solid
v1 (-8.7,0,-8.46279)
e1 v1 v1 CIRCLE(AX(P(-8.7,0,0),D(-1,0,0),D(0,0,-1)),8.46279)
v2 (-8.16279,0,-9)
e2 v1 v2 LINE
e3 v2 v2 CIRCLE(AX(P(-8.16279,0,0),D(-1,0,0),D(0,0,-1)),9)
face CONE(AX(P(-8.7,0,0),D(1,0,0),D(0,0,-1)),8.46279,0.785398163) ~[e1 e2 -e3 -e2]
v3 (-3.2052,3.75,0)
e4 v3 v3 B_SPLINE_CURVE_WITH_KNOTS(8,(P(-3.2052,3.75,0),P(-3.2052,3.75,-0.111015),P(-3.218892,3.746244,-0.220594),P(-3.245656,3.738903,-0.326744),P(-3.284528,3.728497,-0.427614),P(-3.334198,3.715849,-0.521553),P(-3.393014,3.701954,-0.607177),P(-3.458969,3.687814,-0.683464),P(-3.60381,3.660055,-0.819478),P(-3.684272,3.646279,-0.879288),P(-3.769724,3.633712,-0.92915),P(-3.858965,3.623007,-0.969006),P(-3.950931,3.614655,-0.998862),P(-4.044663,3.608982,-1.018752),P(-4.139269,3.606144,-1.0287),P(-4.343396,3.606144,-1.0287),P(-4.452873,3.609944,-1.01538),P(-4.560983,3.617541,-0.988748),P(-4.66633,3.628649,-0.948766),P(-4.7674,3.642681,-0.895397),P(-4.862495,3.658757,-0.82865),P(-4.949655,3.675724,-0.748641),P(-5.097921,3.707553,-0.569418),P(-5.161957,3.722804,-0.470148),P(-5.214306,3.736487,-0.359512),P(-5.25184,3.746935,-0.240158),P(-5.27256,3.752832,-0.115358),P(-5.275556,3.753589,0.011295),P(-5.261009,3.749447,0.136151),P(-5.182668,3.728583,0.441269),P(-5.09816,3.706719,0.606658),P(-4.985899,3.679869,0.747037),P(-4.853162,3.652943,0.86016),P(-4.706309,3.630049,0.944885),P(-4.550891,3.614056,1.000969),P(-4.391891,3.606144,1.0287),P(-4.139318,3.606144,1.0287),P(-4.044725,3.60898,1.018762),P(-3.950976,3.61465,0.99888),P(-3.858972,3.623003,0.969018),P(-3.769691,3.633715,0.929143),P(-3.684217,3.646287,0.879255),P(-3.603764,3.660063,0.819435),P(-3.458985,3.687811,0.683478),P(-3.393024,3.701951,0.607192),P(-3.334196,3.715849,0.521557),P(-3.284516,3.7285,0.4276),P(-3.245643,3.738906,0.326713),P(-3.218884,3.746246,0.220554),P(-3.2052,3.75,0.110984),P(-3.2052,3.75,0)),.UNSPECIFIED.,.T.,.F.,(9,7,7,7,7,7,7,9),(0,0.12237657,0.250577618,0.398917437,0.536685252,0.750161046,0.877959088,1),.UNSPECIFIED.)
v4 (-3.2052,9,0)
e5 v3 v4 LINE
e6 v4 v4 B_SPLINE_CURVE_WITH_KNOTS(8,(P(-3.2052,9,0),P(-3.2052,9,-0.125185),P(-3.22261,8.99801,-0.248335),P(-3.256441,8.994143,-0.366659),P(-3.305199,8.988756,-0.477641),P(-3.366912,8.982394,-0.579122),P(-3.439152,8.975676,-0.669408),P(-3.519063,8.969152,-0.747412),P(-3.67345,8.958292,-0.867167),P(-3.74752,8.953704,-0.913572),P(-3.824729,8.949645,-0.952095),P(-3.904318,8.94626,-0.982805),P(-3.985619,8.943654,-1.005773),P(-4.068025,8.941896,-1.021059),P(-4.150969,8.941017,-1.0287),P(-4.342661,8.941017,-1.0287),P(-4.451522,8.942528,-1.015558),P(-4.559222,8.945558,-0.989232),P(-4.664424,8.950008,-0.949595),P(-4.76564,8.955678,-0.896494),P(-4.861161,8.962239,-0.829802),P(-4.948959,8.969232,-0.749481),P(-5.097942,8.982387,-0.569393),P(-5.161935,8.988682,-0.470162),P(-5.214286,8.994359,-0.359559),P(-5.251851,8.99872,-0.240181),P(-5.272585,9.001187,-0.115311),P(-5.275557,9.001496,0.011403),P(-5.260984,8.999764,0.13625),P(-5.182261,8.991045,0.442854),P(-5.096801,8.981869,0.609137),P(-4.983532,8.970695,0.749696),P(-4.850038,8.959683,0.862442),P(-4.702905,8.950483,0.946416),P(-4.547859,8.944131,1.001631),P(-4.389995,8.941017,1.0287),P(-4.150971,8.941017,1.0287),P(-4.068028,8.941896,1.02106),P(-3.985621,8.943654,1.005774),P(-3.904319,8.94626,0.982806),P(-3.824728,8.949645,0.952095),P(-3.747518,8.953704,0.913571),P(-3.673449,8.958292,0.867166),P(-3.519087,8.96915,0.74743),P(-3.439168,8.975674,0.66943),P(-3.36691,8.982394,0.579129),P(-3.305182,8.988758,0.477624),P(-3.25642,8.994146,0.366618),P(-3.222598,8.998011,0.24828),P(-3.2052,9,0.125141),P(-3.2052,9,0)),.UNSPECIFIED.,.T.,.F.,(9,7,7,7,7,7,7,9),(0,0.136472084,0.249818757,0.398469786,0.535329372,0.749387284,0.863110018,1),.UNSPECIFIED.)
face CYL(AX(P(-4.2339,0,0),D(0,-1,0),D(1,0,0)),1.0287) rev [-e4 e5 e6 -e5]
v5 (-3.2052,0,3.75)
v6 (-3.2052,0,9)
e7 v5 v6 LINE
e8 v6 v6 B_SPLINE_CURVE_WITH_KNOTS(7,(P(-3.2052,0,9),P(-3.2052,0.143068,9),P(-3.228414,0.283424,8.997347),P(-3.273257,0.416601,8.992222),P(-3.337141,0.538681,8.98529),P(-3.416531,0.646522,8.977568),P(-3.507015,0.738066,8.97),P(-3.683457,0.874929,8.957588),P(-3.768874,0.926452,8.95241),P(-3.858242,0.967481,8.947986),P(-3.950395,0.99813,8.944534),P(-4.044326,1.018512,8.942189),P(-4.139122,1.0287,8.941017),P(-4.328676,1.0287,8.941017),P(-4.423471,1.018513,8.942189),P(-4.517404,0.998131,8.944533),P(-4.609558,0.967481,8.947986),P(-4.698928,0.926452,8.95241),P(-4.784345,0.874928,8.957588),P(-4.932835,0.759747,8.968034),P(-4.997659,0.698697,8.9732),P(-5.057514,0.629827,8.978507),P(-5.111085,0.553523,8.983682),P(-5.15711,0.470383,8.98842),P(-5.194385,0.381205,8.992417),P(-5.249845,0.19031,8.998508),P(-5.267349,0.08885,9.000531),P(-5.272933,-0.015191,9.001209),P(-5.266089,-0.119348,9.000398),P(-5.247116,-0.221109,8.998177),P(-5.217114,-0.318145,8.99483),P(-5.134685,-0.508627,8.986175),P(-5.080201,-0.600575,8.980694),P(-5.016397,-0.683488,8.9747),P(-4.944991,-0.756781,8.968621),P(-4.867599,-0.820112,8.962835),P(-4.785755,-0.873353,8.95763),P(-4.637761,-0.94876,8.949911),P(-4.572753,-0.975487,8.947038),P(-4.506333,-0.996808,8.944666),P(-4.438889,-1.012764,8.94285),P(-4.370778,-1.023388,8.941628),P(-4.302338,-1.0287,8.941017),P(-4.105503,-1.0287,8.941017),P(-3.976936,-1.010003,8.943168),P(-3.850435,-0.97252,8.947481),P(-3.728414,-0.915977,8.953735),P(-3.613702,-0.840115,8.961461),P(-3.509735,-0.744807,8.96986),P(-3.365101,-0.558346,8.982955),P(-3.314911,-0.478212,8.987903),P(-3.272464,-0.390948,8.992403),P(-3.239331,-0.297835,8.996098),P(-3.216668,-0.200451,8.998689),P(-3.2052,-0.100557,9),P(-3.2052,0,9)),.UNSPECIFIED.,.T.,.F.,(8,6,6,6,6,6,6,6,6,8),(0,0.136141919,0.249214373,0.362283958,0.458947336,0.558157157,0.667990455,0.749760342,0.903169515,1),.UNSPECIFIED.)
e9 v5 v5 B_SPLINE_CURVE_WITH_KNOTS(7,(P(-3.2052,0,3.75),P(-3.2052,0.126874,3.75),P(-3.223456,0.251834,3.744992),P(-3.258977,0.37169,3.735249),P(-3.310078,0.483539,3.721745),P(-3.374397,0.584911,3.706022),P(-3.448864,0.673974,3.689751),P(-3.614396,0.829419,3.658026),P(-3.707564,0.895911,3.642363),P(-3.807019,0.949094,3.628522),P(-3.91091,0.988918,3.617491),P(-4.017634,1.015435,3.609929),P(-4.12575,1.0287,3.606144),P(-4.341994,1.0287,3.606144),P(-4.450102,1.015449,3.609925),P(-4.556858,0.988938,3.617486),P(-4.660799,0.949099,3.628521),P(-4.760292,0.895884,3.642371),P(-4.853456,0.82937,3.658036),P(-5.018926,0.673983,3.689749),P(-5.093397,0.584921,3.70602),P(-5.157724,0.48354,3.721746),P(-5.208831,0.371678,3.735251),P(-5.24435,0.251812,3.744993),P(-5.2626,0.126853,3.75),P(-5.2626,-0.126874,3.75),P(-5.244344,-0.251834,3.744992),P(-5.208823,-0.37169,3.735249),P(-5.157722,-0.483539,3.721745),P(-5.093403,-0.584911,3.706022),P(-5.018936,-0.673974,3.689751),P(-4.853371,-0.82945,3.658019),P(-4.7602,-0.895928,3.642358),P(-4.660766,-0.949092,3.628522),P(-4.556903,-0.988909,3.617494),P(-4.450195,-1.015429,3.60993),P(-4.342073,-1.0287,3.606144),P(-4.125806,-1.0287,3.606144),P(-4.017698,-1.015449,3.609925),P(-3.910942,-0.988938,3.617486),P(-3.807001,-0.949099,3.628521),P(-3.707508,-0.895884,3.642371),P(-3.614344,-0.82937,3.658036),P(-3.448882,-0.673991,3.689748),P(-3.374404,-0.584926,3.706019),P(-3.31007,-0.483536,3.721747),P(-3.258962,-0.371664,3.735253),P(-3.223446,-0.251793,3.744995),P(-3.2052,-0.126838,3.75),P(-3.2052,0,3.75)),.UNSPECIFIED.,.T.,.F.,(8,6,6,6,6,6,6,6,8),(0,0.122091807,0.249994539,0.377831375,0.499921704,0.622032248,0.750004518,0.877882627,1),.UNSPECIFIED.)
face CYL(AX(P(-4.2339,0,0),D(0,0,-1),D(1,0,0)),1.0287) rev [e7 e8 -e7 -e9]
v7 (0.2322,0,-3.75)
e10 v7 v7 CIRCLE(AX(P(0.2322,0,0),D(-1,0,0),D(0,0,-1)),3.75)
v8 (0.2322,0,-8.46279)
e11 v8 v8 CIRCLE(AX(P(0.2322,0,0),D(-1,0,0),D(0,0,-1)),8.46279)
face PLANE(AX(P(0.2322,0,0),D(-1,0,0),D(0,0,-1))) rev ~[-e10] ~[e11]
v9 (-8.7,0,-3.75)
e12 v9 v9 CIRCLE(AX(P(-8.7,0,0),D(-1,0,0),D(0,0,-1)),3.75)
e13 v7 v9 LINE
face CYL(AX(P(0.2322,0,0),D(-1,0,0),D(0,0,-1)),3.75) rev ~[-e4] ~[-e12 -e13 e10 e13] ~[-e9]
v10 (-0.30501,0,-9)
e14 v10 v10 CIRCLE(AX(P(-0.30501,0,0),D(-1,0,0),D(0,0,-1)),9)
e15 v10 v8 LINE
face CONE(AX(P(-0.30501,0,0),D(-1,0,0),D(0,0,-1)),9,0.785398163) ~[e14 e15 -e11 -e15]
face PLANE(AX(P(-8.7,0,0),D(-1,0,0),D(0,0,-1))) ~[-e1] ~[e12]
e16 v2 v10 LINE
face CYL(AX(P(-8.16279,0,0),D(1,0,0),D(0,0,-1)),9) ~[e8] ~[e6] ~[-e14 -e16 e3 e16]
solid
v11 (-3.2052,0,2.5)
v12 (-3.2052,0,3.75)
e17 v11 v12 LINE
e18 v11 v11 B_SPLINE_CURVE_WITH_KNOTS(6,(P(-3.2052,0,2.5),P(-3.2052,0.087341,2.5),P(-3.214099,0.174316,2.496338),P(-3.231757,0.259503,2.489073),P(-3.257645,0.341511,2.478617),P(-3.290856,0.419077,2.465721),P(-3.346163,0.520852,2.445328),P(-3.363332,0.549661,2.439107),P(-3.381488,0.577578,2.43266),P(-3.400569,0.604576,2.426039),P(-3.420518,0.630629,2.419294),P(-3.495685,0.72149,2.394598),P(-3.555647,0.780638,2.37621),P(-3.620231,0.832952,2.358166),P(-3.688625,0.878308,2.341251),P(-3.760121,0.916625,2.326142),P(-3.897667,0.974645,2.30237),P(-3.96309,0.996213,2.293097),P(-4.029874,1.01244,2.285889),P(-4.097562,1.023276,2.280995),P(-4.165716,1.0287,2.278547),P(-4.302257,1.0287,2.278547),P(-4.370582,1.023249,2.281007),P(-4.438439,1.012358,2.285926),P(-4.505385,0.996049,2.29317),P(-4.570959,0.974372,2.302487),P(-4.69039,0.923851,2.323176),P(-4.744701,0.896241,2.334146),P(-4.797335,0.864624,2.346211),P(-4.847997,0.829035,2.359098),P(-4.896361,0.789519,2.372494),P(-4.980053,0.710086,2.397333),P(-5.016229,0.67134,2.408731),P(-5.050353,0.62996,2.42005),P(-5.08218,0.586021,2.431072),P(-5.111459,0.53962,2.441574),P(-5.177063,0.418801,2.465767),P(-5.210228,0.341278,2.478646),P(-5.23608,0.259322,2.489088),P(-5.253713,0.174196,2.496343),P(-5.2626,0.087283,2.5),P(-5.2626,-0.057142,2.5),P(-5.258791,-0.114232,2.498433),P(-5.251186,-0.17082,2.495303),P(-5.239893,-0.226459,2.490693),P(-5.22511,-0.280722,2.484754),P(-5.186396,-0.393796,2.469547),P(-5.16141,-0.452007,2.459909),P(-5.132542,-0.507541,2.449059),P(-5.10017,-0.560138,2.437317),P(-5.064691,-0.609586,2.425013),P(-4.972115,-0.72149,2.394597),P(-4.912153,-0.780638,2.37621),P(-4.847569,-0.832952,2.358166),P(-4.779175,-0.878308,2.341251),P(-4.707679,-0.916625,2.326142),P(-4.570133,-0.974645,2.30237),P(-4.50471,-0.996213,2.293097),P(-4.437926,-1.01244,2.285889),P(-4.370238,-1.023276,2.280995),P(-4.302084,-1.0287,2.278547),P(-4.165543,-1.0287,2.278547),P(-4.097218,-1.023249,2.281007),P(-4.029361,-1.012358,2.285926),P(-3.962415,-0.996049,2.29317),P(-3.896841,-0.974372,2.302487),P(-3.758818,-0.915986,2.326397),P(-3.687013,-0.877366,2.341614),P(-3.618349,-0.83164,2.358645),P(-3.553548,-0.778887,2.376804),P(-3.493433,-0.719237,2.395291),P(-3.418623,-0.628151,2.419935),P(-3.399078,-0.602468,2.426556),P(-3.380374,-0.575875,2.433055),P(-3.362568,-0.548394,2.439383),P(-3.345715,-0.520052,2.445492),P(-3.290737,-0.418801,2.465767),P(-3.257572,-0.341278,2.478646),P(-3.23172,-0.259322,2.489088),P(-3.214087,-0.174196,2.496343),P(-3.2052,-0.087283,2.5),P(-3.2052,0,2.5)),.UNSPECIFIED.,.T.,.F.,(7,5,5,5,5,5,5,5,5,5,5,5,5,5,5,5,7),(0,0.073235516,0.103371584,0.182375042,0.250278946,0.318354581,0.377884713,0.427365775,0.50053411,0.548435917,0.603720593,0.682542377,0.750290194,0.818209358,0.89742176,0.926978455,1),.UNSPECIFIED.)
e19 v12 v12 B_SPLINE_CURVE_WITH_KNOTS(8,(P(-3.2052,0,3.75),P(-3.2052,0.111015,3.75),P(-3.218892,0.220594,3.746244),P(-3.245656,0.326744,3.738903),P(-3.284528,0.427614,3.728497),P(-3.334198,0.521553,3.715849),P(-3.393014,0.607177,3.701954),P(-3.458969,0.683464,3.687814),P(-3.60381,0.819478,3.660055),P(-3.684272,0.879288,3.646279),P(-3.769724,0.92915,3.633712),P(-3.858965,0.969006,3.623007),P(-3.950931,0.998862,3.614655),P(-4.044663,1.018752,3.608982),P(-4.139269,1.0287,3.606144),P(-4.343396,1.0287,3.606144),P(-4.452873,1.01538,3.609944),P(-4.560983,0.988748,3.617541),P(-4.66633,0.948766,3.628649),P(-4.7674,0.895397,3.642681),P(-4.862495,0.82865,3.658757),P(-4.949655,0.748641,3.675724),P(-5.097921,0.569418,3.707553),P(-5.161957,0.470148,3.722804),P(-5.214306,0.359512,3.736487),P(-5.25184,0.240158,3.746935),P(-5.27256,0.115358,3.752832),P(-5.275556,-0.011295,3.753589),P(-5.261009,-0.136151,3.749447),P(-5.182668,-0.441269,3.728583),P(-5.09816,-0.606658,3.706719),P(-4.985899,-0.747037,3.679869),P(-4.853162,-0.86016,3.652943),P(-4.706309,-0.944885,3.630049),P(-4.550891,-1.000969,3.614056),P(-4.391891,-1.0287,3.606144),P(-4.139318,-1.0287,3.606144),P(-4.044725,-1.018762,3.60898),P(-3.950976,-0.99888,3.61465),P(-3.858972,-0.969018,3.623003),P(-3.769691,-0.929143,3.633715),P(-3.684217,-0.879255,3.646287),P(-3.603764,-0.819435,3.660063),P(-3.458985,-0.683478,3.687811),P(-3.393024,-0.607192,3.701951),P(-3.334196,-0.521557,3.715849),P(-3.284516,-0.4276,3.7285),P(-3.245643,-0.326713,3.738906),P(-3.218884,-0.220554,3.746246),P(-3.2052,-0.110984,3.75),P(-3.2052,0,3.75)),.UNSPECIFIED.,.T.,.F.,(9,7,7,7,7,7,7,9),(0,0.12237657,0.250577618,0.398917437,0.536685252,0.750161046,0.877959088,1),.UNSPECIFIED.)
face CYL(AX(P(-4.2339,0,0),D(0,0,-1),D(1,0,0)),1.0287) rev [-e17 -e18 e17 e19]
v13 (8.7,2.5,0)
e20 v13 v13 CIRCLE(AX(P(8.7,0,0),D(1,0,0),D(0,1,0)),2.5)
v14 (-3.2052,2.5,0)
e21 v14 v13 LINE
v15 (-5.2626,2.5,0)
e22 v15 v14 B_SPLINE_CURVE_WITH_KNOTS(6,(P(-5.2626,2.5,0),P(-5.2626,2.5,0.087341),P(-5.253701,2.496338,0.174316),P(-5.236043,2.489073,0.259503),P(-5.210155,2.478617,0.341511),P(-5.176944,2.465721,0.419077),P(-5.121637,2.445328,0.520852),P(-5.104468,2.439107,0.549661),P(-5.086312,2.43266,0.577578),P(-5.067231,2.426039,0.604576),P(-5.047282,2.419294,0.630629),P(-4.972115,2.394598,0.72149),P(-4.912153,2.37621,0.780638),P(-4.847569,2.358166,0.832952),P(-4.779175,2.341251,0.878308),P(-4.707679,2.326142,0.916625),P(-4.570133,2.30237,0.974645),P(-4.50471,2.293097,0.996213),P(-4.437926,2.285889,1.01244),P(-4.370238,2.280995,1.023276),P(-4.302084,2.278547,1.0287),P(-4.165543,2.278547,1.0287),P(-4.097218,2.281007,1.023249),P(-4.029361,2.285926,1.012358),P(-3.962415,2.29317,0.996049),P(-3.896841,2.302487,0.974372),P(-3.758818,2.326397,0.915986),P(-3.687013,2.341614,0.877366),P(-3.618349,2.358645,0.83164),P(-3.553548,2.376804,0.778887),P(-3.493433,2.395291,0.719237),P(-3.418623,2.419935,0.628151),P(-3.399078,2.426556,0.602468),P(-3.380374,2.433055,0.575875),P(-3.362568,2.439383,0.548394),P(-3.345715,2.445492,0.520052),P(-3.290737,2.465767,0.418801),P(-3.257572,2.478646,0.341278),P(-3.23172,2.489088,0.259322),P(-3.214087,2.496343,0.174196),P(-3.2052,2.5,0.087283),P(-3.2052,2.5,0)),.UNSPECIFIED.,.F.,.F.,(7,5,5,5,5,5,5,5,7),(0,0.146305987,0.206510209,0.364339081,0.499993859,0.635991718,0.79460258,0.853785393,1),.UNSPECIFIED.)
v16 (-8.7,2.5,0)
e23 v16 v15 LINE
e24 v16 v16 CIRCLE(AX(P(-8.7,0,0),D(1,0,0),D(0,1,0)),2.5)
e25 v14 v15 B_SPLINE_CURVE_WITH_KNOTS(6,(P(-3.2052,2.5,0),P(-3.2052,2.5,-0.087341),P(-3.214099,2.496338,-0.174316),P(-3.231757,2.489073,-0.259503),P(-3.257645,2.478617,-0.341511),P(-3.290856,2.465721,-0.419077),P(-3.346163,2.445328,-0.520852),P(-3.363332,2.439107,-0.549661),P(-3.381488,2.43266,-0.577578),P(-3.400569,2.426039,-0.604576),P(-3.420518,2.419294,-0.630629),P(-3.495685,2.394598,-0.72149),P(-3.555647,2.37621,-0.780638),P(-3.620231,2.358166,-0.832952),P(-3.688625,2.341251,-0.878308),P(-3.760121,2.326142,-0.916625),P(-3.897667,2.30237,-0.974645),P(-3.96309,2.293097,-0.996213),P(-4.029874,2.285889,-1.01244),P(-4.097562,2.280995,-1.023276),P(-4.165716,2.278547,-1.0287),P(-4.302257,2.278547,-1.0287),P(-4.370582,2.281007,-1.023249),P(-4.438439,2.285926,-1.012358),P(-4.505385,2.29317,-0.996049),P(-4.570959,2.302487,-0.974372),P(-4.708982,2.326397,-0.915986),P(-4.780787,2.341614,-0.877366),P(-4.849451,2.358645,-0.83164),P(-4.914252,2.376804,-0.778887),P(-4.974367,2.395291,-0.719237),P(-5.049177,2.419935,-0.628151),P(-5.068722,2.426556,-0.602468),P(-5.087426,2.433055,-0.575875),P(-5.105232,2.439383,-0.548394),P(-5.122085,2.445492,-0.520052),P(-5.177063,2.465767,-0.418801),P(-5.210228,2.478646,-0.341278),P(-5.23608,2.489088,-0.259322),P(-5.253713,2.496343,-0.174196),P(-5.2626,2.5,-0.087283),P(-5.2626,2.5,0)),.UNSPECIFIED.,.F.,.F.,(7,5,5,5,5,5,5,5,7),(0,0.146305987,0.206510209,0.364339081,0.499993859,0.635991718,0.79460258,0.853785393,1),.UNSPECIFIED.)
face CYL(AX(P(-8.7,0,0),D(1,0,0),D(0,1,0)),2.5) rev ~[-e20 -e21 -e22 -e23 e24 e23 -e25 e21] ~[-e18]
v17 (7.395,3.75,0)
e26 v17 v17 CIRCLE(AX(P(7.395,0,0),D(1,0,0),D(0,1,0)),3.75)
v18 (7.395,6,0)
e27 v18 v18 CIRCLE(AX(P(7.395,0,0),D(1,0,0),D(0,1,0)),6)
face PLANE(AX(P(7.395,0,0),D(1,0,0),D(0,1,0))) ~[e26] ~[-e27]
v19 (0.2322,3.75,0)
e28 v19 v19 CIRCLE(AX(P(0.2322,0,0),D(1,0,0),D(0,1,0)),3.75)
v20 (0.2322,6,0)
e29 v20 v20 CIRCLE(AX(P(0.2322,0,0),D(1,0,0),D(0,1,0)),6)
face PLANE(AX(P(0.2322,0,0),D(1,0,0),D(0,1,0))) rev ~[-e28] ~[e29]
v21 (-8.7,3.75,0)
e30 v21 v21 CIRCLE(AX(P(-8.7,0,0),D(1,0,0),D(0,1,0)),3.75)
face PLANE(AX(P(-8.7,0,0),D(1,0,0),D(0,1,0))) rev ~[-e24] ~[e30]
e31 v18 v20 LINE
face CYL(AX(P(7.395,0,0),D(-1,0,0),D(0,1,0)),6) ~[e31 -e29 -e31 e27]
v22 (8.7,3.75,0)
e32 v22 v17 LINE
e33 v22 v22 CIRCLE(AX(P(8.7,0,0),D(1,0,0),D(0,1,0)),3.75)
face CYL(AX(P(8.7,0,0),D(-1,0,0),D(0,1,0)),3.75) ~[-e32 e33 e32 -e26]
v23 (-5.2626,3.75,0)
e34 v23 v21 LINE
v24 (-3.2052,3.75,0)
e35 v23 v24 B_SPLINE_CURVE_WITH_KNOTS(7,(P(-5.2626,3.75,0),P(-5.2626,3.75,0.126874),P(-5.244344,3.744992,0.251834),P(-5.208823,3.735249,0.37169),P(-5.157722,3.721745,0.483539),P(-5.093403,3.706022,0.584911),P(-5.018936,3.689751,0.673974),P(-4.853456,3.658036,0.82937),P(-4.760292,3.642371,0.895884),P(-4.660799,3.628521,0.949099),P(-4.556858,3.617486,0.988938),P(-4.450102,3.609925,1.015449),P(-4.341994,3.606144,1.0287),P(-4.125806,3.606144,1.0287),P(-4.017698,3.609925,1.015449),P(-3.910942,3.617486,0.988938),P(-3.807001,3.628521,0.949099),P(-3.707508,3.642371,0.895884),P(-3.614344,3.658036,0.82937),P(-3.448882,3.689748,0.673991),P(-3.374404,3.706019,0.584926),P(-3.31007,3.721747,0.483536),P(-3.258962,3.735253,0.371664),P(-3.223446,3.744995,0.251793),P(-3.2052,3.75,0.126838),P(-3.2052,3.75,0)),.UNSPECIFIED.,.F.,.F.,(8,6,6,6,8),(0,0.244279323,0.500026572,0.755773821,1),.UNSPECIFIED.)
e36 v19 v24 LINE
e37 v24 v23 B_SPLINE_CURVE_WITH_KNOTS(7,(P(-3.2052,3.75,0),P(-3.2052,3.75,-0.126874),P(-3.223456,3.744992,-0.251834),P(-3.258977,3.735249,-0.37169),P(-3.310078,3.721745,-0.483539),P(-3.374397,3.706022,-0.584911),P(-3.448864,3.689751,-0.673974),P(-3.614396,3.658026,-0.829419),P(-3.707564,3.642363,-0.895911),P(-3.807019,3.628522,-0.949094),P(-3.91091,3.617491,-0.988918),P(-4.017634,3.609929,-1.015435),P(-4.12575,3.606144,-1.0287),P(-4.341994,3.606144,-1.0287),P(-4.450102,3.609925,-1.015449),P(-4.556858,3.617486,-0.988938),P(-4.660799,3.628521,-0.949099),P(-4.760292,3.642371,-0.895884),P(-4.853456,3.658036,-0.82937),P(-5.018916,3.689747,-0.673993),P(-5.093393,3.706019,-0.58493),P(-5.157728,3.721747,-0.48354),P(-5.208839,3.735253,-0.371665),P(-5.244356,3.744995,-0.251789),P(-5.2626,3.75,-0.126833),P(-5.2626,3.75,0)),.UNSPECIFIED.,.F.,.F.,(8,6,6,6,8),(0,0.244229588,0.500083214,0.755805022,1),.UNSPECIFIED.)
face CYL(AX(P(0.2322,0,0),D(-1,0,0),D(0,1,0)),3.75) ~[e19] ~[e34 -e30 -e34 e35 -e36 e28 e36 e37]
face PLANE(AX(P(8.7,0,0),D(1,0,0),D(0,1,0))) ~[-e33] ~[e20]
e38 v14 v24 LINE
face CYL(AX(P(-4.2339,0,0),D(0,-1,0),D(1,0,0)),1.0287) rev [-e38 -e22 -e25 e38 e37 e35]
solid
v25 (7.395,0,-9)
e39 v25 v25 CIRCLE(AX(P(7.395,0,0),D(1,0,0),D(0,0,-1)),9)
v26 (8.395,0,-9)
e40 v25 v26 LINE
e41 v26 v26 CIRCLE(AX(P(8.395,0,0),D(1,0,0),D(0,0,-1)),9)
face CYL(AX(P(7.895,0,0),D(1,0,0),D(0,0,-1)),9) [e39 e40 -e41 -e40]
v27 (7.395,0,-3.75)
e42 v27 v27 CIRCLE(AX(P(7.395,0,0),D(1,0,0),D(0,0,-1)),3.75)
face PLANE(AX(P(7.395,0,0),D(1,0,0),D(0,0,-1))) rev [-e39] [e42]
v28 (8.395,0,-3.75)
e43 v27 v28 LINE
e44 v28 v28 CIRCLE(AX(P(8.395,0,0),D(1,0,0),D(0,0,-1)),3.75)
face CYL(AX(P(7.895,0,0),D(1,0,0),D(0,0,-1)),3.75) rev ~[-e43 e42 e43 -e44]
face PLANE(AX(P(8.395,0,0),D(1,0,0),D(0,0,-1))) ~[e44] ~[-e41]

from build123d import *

# Parameters (mm, degrees)
SKETCH4_W         = 1
SKETCH4_H         = 5.25
SKETCH5_R         = 1.0287
SET_SCREWS_DEPTH  = 10
CIRPATTERN1_COUNT = 2
CIRPATTERN1_ANGLE = 90


with BuildPart() as part:
    # Sketch2 → Base Body (revolve)
    with BuildSketch(Plane.XY):
        Polygon((-8.7, 2.5), (8.7, 2.5), (8.7, 3.75), (7.395, 3.75), (7.395, 6), (0.2322, 6), (0.2322, 3.75), (-8.7, 3.75), align=None)
    revolve(axis=Axis((-7.1374, 0, 0), (1, 0, 0)))


with BuildPart() as body_2:
    # Sketch3 → Hub (revolve)
    with BuildSketch(Plane(origin=(0, 0, 0), x_dir=(1, 0, 0), z_dir=(0, 1, 0))):
        Polygon((0.2322, 3.75), (-8.7, 3.75), (-8.7, 8.46279), (-8.16279, 9), (-0.30501, 9), (0.2322, 8.46279), align=None)
    revolve(axis=Axis((0, 0, 0), (-1, 0, 0)))


with BuildPart() as body_3:
    # Sketch4 → Flange (revolve)
    with BuildSketch(Plane(origin=(0, 0, 0), x_dir=(1, 0, 0), z_dir=(0, 1, 0))):
        with Locations((7.895, 6.375)):
            Rectangle(SKETCH4_W, SKETCH4_H)
    revolve(axis=Axis((0, 0, 0), (1, 0, 0)))


with BuildPart() as set_screws_tool:
    # Sketch5 → Set Screws (new body)
    with BuildSketch(Plane(origin=(0, 0, 0), x_dir=(1, 0, 0), z_dir=(0, 1, 0))):
        with Locations((-4.2339, 0)):
            Circle(SKETCH5_R)
    set_screws = extrude(amount=SET_SCREWS_DEPTH)


with BuildPart() as part_1:
    add(part.part)

    # Set Screws: cut by set_screws_tool
    add(set_screws_tool.part, mode=Mode.SUBTRACT)


with BuildPart() as body_2_1:
    add(body_2.part)

    # Set Screws: cut by set_screws_tool
    add(set_screws_tool.part, mode=Mode.SUBTRACT)


with BuildPart() as cirpattern1_tool:
    # CirPattern1: Set Screws ×2 about axis
    cirpattern1_axis = Axis((-7.1374, 0, 0), (1, 0, 0))
    for i in range(1, CIRPATTERN1_COUNT):
        add(set_screws.rotate(cirpattern1_axis, i * CIRPATTERN1_ANGLE / (CIRPATTERN1_COUNT - 1)))


with BuildPart() as part_2:
    add(part_1.part)

    # CirPattern1: cut by cirpattern1_tool
    add(cirpattern1_tool.part, mode=Mode.SUBTRACT)


with BuildPart() as body_2_2:
    add(body_2_1.part)

    # CirPattern1: cut by cirpattern1_tool
    add(cirpattern1_tool.part, mode=Mode.SUBTRACT)


solid = Compound([body_3.part, part_2.part, body_2_2.part])
